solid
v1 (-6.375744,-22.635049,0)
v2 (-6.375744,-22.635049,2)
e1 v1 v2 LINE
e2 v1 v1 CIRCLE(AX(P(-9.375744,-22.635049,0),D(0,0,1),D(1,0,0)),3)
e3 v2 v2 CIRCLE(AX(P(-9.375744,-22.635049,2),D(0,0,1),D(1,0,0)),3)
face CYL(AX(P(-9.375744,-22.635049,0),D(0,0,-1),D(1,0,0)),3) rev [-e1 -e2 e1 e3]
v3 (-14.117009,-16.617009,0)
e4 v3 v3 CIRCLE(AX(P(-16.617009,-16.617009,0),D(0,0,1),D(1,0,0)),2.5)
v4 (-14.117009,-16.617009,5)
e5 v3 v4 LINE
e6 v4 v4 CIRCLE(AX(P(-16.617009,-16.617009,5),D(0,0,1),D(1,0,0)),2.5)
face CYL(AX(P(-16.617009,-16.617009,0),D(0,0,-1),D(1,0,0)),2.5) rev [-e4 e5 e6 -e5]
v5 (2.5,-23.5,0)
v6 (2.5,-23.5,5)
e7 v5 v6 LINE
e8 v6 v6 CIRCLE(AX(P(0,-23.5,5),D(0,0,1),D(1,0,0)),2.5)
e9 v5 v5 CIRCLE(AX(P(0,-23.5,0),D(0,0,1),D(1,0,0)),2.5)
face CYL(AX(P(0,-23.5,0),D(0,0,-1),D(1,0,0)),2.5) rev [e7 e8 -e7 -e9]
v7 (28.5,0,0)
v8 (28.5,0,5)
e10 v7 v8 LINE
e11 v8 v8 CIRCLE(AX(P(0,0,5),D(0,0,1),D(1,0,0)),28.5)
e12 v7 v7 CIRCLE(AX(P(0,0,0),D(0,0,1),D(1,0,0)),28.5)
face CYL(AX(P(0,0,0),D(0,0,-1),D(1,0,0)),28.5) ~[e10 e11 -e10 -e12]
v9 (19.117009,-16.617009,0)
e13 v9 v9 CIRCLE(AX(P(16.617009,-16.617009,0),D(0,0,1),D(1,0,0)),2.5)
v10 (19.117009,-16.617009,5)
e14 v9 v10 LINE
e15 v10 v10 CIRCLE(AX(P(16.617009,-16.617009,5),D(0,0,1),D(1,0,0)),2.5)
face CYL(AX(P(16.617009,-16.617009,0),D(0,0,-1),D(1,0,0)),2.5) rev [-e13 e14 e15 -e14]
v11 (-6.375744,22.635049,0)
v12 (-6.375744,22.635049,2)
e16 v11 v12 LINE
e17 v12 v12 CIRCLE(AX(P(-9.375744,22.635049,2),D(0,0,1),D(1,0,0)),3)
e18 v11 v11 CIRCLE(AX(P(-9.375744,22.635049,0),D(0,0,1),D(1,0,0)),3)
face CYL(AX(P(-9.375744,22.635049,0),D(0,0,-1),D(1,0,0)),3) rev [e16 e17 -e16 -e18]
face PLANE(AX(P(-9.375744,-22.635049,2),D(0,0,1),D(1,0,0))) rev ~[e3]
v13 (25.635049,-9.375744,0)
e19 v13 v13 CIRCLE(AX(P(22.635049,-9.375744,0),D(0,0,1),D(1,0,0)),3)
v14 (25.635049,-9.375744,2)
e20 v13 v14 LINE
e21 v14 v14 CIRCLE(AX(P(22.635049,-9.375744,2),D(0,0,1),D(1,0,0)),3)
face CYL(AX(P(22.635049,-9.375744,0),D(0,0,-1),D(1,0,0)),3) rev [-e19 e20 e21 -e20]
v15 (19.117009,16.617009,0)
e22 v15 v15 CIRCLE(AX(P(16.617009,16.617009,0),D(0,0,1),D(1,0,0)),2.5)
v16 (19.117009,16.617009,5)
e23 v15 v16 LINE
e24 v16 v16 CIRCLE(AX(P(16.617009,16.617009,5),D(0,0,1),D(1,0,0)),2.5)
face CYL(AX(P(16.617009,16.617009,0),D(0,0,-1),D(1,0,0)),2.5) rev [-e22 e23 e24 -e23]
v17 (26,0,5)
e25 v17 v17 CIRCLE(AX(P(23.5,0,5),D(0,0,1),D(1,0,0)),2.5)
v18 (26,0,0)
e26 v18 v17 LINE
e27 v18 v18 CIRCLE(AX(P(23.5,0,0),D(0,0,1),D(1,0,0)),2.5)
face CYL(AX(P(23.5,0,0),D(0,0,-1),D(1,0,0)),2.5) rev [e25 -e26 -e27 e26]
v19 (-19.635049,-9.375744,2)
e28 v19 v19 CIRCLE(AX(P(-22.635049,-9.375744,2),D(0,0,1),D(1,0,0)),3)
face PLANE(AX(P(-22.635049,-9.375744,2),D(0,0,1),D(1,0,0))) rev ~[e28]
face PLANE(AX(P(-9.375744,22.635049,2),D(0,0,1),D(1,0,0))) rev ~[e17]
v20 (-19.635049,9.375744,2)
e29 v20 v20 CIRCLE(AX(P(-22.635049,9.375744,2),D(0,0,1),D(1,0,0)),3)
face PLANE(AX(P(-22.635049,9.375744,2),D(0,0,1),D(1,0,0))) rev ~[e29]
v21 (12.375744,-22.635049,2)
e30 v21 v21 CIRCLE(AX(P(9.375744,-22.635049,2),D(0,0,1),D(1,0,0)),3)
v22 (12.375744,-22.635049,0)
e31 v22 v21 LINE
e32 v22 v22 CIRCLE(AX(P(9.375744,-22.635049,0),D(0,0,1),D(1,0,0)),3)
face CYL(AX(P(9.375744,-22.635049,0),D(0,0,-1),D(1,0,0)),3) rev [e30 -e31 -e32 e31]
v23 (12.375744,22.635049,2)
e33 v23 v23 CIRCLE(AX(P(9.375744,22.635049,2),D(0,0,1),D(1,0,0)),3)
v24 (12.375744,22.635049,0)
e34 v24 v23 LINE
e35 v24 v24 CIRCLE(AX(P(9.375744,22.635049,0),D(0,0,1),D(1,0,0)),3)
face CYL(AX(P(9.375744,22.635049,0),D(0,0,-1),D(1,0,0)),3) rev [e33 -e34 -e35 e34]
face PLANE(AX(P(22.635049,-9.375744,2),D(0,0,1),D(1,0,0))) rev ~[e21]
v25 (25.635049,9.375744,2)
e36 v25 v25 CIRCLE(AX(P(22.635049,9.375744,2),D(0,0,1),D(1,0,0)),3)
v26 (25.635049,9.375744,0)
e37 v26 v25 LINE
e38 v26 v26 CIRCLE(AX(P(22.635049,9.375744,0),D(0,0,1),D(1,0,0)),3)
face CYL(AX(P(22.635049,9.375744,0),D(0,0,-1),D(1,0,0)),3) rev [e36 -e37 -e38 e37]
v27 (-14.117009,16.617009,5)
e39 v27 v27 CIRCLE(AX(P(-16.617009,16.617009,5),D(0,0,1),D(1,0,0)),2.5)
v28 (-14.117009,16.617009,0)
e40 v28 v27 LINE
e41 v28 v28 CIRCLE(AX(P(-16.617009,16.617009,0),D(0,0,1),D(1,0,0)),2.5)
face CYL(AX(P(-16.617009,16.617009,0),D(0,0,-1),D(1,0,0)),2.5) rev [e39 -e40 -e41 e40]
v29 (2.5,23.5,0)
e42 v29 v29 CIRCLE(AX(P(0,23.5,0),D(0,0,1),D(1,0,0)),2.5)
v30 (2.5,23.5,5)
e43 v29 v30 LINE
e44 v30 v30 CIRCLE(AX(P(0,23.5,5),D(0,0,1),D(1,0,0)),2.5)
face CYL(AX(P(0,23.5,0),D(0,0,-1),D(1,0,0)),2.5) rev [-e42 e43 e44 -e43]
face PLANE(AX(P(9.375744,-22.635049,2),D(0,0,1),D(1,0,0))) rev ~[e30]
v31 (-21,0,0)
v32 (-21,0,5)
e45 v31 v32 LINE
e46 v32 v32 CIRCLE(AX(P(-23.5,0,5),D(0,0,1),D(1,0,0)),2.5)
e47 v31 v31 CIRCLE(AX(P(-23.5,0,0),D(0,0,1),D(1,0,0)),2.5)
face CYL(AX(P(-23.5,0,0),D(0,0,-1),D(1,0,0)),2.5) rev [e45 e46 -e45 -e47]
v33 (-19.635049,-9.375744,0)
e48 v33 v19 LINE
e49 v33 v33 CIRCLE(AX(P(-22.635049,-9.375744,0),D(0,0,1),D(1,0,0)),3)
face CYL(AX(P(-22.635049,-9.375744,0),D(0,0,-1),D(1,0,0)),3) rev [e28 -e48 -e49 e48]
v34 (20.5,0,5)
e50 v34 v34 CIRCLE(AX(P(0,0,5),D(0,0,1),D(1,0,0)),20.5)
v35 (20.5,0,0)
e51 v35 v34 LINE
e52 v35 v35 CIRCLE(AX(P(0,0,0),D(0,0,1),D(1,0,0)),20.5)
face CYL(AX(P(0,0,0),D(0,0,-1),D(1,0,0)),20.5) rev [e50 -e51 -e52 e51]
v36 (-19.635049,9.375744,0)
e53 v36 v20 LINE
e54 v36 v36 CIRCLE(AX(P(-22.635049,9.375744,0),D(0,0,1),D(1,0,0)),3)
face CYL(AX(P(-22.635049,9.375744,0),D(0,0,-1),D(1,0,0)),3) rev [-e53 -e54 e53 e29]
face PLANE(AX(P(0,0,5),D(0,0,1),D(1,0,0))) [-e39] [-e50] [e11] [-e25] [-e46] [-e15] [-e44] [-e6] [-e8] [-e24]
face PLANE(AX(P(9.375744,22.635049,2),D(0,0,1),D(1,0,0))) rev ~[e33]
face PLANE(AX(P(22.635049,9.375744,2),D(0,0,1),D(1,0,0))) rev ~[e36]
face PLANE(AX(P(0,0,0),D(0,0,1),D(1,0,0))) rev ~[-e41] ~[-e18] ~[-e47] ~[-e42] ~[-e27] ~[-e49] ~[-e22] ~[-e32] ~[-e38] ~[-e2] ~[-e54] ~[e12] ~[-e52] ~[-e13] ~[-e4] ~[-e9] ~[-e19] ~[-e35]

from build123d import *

# Parameters (mm, degrees)
F0_R     = 28.5
F0_R_2   = 2.5
F0_R_3   = 3
F0_R_4   = 20.5
F1_DEPTH = 5
F2_DEPTH = 2


with BuildPart() as f1:
    # F0 (on Top) → F1 (new body)
    with BuildSketch(Plane.XY):
        Circle(F0_R)
        with Locations((-16.6170093579, -16.6170093579)):
            Circle(F0_R_2, mode=Mode.SUBTRACT)
        with Locations((-9.3757440929, -22.6350485465)):
            Circle(F0_R_3, mode=Mode.SUBTRACT)
        with Locations((-22.6350485465, -9.3757440929)):
            Circle(F0_R_3, mode=Mode.SUBTRACT)
        with Locations((0, -23.5)):
            Circle(F0_R_2, mode=Mode.SUBTRACT)
        with Locations((9.3757440929, -22.6350485465)):
            Circle(F0_R_3, mode=Mode.SUBTRACT)
        with Locations((16.6170093579, -16.6170093579)):
            Circle(F0_R_2, mode=Mode.SUBTRACT)
        with Locations((22.6350485465, -9.3757440929)):
            Circle(F0_R_3, mode=Mode.SUBTRACT)
        with Locations((-23.5, 0)):
            Circle(F0_R_2, mode=Mode.SUBTRACT)
        with Locations((-22.6350485465, 9.3757440929)):
            Circle(F0_R_3, mode=Mode.SUBTRACT)
        with Locations((-16.6170093579, 16.6170093579)):
            Circle(F0_R_2, mode=Mode.SUBTRACT)
        with Locations((-9.3757440929, 22.6350485465)):
            Circle(F0_R_3, mode=Mode.SUBTRACT)
        Circle(F0_R_4, mode=Mode.SUBTRACT)
        with Locations((23.5, 0)):
            Circle(F0_R_2, mode=Mode.SUBTRACT)
        with Locations((22.6350485465, 9.3757440929)):
            Circle(F0_R_3, mode=Mode.SUBTRACT)
        with Locations((0, 23.5)):
            Circle(F0_R_2, mode=Mode.SUBTRACT)
        with Locations((9.3757440929, 22.6350485465)):
            Circle(F0_R_3, mode=Mode.SUBTRACT)
        with Locations((16.6170093579, 16.6170093579)):
            Circle(F0_R_2, mode=Mode.SUBTRACT)
        with Locations((-22.6350485465, 9.3757440929)):
            Circle(F0_R_3)
        with Locations((-9.3757440929, 22.6350485465)):
            Circle(F0_R_3)
        with Locations((9.3757440929, 22.6350485465)):
            Circle(F0_R_3)
        with Locations((22.6350485465, 9.3757440929)):
            Circle(F0_R_3)
        with Locations((22.6350485465, -9.3757440929)):
            Circle(F0_R_3)
        with Locations((9.3757440929, -22.6350485465)):
            Circle(F0_R_3)
        with Locations((-9.3757440929, -22.6350485465)):
            Circle(F0_R_3)
        with Locations((-22.6350485465, -9.3757440929)):
            Circle(F0_R_3)
    extrude(amount=F1_DEPTH)

    # F0 (on Top) → F2 (cut)
    with BuildSketch(Plane.XY):
        with Locations((-22.6350485465, -9.3757440929)):
            Circle(F0_R_3)
        with Locations((-9.3757440929, -22.6350485465)):
            Circle(F0_R_3)
        with Locations((9.3757440929, -22.6350485465)):
            Circle(F0_R_3)
        with Locations((22.6350485465, -9.3757440929)):
            Circle(F0_R_3)
        with Locations((22.6350485465, 9.3757440929)):
            Circle(F0_R_3)
        with Locations((9.3757440929, 22.6350485465)):
            Circle(F0_R_3)
        with Locations((-9.3757440929, 22.6350485465)):
            Circle(F0_R_3)
        with Locations((-22.6350485465, 9.3757440929)):
            Circle(F0_R_3)
    extrude(amount=F2_DEPTH, mode=Mode.SUBTRACT)


solid = f1.part
